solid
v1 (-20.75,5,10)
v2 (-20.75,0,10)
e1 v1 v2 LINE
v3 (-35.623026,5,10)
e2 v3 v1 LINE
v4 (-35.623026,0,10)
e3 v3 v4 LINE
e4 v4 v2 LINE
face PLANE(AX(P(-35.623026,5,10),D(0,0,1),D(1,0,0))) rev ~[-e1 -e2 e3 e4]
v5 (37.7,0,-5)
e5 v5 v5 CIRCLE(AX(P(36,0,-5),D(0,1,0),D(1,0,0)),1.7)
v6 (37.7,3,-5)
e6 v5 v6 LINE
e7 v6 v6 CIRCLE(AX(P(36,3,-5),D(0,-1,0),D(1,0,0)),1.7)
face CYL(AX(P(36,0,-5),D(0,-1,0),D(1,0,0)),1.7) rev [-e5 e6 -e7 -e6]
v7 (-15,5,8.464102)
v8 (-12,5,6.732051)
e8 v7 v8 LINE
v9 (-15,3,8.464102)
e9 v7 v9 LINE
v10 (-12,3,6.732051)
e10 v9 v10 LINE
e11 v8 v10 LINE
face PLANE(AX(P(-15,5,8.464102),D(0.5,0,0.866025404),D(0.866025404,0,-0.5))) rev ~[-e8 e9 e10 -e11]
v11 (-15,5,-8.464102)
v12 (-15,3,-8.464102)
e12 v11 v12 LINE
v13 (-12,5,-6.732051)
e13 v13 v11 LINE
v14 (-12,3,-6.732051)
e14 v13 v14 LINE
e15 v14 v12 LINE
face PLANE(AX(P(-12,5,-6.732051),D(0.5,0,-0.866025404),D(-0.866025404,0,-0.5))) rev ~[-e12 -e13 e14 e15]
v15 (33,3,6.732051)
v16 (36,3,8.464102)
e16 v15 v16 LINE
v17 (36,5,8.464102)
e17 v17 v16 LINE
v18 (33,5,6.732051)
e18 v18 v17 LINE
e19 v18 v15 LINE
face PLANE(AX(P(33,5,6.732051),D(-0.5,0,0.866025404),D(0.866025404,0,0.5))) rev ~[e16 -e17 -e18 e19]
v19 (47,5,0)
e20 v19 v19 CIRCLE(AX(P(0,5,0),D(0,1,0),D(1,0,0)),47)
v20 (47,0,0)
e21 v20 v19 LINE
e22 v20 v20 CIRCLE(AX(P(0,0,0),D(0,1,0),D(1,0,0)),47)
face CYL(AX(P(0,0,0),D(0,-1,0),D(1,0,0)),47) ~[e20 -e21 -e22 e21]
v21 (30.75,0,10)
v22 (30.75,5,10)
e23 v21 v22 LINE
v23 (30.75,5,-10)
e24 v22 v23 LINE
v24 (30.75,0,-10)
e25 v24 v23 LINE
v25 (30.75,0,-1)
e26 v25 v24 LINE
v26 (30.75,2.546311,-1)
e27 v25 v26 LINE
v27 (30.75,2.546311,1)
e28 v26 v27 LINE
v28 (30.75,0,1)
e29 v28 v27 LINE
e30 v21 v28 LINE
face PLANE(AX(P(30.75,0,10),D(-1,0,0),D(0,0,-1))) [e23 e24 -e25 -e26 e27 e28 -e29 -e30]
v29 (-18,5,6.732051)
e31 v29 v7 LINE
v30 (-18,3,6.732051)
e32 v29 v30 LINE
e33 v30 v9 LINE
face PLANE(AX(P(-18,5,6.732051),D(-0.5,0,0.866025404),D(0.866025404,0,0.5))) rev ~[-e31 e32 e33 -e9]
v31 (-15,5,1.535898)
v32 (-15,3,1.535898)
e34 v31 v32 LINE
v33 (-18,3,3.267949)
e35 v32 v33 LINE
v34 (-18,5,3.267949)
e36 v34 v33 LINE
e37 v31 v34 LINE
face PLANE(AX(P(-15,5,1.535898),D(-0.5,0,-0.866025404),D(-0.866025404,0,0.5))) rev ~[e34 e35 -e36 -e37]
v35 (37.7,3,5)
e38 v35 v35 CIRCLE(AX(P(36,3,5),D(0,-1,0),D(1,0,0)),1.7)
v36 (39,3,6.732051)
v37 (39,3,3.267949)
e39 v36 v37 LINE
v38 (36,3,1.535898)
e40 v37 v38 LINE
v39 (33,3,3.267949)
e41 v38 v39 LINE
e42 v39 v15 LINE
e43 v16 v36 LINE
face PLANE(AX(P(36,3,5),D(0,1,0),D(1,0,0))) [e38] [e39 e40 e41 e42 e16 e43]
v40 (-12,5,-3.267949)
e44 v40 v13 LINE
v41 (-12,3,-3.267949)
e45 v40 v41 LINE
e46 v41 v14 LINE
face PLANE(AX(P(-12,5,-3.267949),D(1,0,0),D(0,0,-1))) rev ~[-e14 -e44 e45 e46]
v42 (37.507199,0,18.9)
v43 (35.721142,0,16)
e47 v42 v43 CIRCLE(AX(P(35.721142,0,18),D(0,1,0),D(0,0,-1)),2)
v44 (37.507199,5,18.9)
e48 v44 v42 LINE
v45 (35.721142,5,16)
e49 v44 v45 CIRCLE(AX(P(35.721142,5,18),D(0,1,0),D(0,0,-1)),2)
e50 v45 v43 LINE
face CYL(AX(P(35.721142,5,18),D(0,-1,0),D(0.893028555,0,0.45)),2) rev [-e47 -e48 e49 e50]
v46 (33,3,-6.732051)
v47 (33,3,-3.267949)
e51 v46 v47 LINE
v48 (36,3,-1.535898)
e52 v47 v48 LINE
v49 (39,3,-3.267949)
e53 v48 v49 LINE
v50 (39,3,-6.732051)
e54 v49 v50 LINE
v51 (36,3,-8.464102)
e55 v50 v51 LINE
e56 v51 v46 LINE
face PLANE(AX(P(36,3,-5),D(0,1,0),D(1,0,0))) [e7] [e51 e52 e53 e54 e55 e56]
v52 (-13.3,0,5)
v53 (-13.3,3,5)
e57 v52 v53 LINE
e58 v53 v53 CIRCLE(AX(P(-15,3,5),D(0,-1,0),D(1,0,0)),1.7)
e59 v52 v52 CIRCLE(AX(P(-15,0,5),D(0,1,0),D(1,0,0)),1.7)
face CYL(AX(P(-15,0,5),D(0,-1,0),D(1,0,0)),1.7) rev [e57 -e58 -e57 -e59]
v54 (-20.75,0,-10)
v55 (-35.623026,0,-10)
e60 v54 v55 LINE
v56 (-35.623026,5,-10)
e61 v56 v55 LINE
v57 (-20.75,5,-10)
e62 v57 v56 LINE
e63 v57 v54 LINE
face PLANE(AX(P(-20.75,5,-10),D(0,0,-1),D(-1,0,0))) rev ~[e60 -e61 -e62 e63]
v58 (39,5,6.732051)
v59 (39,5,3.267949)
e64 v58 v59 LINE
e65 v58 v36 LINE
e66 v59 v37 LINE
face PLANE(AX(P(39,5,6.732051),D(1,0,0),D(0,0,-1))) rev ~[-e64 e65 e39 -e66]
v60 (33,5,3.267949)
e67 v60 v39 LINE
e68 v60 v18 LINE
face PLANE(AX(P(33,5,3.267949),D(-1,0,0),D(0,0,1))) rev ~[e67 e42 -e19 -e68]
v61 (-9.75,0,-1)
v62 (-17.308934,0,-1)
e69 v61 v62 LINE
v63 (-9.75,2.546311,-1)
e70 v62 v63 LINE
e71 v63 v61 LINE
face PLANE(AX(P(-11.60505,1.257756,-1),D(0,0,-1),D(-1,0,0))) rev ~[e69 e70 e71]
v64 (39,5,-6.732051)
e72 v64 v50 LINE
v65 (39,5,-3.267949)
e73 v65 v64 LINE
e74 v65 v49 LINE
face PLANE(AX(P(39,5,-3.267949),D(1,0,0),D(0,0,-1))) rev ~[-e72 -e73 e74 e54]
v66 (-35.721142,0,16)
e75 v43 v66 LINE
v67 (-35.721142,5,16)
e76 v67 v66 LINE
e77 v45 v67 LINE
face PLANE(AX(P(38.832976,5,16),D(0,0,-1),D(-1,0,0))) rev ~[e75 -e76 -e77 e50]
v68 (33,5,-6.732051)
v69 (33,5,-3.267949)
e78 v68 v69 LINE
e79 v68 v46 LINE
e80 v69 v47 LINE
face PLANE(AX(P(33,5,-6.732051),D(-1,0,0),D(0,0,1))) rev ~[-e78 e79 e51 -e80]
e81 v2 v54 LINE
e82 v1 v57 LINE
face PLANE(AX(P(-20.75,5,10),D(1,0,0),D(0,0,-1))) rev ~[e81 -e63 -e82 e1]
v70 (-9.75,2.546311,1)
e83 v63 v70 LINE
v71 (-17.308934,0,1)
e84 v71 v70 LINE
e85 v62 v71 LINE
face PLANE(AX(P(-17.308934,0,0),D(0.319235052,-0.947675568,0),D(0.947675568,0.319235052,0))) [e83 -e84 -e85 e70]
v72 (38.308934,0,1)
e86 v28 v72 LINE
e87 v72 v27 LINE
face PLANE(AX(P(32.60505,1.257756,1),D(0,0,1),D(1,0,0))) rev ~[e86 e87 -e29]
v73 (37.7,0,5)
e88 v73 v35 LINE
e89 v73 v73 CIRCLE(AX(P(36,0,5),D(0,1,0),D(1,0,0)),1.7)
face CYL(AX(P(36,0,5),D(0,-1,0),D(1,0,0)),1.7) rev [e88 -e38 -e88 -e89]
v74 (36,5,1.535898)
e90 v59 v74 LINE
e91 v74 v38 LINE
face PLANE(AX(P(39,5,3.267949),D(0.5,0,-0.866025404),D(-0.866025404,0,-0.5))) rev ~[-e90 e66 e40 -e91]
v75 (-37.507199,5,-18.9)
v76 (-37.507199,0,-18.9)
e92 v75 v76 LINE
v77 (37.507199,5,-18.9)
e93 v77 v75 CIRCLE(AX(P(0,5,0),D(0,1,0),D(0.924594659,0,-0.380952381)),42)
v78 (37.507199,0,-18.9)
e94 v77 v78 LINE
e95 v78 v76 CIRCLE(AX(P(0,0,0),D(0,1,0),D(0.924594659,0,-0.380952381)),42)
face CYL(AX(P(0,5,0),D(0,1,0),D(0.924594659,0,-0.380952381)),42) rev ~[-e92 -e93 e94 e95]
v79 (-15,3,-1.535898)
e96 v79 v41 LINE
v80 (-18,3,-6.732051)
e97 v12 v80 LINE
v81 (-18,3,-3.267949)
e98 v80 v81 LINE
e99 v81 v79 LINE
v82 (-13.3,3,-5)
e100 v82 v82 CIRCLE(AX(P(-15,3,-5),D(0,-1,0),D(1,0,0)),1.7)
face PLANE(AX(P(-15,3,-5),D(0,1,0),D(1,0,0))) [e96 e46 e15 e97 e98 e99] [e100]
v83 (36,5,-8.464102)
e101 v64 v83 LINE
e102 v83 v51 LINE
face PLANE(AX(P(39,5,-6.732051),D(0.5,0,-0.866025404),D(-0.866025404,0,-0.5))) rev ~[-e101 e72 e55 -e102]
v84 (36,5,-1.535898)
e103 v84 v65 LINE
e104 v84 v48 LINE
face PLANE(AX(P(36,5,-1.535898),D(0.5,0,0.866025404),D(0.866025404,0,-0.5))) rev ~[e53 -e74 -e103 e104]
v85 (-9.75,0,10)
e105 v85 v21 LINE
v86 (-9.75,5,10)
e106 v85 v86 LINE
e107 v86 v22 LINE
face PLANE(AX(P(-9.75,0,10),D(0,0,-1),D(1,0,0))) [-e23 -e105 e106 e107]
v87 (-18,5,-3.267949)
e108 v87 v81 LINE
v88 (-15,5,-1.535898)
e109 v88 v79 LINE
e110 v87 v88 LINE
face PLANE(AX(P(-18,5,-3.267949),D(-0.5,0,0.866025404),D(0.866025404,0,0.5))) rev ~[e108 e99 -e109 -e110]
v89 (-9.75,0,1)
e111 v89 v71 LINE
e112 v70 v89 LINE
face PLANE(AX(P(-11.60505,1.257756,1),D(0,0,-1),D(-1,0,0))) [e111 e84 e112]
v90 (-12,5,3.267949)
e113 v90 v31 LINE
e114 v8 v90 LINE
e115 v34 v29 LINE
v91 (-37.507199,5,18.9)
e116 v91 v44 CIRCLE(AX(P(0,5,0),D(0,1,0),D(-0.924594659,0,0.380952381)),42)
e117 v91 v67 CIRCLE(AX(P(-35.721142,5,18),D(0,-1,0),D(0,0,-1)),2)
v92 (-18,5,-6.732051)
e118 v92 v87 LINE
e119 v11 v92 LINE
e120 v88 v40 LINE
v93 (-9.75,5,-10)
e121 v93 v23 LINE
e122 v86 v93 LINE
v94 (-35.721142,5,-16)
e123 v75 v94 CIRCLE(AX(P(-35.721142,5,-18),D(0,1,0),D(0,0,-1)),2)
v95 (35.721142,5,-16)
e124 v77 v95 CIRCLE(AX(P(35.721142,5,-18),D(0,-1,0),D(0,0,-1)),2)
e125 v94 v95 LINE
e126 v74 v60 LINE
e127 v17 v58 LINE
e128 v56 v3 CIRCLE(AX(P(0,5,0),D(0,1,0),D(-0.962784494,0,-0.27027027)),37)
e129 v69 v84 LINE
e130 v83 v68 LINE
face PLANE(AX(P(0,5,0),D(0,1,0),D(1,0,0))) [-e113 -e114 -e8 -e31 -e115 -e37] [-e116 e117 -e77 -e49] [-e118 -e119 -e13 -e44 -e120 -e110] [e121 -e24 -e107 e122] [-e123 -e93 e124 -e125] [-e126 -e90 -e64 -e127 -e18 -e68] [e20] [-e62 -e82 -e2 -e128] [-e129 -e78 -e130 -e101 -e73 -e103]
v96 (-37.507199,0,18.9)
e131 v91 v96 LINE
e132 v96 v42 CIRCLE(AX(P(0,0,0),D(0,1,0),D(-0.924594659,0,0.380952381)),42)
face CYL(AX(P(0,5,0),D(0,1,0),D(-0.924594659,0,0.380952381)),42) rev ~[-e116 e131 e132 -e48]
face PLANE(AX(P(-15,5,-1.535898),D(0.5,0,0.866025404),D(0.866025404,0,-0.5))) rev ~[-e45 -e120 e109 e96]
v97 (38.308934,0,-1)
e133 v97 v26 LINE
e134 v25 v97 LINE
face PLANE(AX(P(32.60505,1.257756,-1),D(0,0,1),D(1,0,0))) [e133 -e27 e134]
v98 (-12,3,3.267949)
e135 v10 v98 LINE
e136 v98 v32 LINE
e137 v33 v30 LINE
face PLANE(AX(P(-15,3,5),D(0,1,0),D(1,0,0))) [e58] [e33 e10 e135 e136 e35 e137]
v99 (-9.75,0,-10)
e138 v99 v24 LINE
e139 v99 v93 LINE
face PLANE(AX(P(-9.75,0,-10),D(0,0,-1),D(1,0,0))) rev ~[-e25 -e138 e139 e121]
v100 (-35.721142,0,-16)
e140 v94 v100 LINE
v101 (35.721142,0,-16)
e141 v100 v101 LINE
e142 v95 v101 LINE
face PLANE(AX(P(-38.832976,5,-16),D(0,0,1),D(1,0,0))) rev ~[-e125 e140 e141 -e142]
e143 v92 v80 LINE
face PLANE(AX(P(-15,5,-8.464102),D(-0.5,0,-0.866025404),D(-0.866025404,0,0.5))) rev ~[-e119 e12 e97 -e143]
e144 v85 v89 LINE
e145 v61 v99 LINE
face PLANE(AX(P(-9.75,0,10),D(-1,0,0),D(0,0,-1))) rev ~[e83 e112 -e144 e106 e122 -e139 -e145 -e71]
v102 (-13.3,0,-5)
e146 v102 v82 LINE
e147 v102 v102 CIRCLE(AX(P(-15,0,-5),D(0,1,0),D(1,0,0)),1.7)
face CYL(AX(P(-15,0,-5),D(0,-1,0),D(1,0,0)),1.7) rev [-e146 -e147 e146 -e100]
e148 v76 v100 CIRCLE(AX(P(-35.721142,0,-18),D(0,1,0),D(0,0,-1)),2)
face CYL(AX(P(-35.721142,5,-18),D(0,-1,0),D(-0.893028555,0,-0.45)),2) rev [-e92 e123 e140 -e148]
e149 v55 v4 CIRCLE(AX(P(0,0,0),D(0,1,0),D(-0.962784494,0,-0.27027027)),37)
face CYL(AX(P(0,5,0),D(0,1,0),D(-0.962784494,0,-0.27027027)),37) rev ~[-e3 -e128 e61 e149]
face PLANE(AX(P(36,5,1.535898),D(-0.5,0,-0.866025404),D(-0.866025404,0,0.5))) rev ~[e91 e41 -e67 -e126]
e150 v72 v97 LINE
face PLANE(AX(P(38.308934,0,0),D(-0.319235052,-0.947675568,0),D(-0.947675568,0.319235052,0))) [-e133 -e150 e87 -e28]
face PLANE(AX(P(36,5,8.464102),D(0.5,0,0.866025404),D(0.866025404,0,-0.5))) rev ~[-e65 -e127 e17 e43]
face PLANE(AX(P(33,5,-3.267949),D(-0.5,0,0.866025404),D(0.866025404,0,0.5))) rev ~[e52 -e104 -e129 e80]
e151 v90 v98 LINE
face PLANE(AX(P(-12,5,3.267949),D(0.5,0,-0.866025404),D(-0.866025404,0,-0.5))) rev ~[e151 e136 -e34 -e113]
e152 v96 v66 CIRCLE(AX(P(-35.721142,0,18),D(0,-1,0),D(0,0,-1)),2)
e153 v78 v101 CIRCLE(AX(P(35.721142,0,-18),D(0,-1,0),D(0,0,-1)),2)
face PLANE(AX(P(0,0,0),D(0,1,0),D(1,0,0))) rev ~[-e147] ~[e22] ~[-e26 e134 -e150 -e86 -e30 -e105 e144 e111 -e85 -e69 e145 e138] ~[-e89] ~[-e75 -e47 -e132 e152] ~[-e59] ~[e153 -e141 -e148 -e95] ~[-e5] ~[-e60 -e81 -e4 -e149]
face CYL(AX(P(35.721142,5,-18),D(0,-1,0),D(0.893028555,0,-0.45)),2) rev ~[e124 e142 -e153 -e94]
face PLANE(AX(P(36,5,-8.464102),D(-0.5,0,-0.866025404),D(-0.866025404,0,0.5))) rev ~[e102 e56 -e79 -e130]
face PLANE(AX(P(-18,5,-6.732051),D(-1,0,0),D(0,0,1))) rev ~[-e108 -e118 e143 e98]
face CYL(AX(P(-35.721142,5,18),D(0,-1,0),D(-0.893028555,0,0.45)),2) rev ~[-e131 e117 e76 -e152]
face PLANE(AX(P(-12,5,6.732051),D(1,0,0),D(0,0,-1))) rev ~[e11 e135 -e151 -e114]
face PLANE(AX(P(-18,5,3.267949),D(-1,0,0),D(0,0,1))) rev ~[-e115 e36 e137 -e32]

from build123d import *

# Parameters (mm, degrees)
SKETCH_1_R          = 47
SKETCH_1_R_2        = 1.7
SKETCH_1_W          = 40.5
SKETCH_1_H          = 20
EXTRUDE_1_DEPTH     = 5
CUT_EXTRUDE_1_DEPTH = 2
CUT_EXTRUDE_2_DEPTH = 1
CUT_EXTRUDE_3_DEPTH = 6
FILLET_1_R          = 2


with BuildPart() as part:
    # Эскиз1 → Бобышка-Вытянуть1 (new body)
    with BuildSketch(Plane(origin=(0, 0, 0), x_dir=(1, 0, 0), z_dir=(0, 1, 0))):
        Circle(SKETCH_1_R)
        with Locations((-15, 5)):
            Circle(SKETCH_1_R_2, mode=Mode.SUBTRACT)
        with Locations((-15, -5)):
            Circle(SKETCH_1_R_2, mode=Mode.SUBTRACT)
        with Locations((36, 5)):
            Circle(SKETCH_1_R_2, mode=Mode.SUBTRACT)
        with Locations((36, -5)):
            Circle(SKETCH_1_R_2, mode=Mode.SUBTRACT)
        with Locations((10.5, 0)):
            Rectangle(SKETCH_1_W, SKETCH_1_H, mode=Mode.SUBTRACT)
    extrude(amount=EXTRUDE_1_DEPTH)

    # Эскиз2 → Вырез-Вытянуть1 (cut)
    with BuildSketch(Plane(origin=(0, 5, 0), x_dir=(1, 0, 0), z_dir=(0, 1, 0))):
        Polygon((-12, 6.732050808), (-15, 8.464101615), (-18, 6.732050808), (-18, 3.267949192), (-15, 1.535898385), (-12, 3.267949192), align=None)
        Polygon((-12, -3.267949192), (-15, -1.535898385), (-18, -3.267949192), (-18, -6.732050808), (-15, -8.464101615), (-12, -6.732050808), align=None)
        Polygon((36, 8.464101615), (33, 6.732050808), (33, 3.267949192), (36, 1.535898385), (39, 3.267949192), (39, 6.732050808), align=None)
        Polygon((36, -1.535898385), (33, -3.267949192), (33, -6.732050808), (36, -8.464101615), (39, -6.732050808), (39, -3.267949192), align=None)
    extrude(amount=-CUT_EXTRUDE_1_DEPTH, mode=Mode.SUBTRACT)

    # Эскиз3 → Вырез-Вытянуть2 (cut, symmetric)
    with BuildSketch(Plane.XY):
        Polygon((27.412104095, 3.670718329), (30.75, 0), (38.308934037, 0), align=None)
        Polygon((-6.412104095, 3.670718329), (-9.75, 0), (-17.308934037, 0), align=None)
    extrude(amount=CUT_EXTRUDE_2_DEPTH, both=True, mode=Mode.SUBTRACT)

    # Эскиз4 → Вырез-Вытянуть3 (cut, through all)
    with BuildSketch(Plane(origin=(0, 5, 0), x_dir=(1, 0, 0), z_dir=(0, 1, 0))):
        with BuildLine():
            ThreePointArc((-38.832975678, -16), (0, -42), (38.832975678, -16))
            Line((38.832975678, -16), (-38.832975678, -16))
        make_face()
        with BuildLine():
            ThreePointArc((38.832975678, 16), (0, 42), (-38.832975678, 16))
            Line((-38.832975678, 16), (38.832975678, 16))
        make_face()
        with BuildLine():
            Line((-35.623026261, -10), (-20.75, -10))
            Line((-20.75, -10), (-20.75, 10))
            Line((-20.75, 10), (-35.623026261, 10))
            ThreePointArc((-35.623026261, 10), (-37, 0), (-35.623026261, -10))
        make_face()
    extrude(amount=-CUT_EXTRUDE_3_DEPTH, mode=Mode.SUBTRACT)

    # Скругление1
    fillet_1_edges = [part.edges().sort_by_distance(p)[0] for p in [
        (-38.832975678, 2.5, 16),
        (38.832975678, 2.5, 16),
        (38.832975678, 2.5, -16),
        (-38.832975678, 2.5, -16),
    ]]
    fillet(fillet_1_edges, radius=FILLET_1_R)


solid = part.part
